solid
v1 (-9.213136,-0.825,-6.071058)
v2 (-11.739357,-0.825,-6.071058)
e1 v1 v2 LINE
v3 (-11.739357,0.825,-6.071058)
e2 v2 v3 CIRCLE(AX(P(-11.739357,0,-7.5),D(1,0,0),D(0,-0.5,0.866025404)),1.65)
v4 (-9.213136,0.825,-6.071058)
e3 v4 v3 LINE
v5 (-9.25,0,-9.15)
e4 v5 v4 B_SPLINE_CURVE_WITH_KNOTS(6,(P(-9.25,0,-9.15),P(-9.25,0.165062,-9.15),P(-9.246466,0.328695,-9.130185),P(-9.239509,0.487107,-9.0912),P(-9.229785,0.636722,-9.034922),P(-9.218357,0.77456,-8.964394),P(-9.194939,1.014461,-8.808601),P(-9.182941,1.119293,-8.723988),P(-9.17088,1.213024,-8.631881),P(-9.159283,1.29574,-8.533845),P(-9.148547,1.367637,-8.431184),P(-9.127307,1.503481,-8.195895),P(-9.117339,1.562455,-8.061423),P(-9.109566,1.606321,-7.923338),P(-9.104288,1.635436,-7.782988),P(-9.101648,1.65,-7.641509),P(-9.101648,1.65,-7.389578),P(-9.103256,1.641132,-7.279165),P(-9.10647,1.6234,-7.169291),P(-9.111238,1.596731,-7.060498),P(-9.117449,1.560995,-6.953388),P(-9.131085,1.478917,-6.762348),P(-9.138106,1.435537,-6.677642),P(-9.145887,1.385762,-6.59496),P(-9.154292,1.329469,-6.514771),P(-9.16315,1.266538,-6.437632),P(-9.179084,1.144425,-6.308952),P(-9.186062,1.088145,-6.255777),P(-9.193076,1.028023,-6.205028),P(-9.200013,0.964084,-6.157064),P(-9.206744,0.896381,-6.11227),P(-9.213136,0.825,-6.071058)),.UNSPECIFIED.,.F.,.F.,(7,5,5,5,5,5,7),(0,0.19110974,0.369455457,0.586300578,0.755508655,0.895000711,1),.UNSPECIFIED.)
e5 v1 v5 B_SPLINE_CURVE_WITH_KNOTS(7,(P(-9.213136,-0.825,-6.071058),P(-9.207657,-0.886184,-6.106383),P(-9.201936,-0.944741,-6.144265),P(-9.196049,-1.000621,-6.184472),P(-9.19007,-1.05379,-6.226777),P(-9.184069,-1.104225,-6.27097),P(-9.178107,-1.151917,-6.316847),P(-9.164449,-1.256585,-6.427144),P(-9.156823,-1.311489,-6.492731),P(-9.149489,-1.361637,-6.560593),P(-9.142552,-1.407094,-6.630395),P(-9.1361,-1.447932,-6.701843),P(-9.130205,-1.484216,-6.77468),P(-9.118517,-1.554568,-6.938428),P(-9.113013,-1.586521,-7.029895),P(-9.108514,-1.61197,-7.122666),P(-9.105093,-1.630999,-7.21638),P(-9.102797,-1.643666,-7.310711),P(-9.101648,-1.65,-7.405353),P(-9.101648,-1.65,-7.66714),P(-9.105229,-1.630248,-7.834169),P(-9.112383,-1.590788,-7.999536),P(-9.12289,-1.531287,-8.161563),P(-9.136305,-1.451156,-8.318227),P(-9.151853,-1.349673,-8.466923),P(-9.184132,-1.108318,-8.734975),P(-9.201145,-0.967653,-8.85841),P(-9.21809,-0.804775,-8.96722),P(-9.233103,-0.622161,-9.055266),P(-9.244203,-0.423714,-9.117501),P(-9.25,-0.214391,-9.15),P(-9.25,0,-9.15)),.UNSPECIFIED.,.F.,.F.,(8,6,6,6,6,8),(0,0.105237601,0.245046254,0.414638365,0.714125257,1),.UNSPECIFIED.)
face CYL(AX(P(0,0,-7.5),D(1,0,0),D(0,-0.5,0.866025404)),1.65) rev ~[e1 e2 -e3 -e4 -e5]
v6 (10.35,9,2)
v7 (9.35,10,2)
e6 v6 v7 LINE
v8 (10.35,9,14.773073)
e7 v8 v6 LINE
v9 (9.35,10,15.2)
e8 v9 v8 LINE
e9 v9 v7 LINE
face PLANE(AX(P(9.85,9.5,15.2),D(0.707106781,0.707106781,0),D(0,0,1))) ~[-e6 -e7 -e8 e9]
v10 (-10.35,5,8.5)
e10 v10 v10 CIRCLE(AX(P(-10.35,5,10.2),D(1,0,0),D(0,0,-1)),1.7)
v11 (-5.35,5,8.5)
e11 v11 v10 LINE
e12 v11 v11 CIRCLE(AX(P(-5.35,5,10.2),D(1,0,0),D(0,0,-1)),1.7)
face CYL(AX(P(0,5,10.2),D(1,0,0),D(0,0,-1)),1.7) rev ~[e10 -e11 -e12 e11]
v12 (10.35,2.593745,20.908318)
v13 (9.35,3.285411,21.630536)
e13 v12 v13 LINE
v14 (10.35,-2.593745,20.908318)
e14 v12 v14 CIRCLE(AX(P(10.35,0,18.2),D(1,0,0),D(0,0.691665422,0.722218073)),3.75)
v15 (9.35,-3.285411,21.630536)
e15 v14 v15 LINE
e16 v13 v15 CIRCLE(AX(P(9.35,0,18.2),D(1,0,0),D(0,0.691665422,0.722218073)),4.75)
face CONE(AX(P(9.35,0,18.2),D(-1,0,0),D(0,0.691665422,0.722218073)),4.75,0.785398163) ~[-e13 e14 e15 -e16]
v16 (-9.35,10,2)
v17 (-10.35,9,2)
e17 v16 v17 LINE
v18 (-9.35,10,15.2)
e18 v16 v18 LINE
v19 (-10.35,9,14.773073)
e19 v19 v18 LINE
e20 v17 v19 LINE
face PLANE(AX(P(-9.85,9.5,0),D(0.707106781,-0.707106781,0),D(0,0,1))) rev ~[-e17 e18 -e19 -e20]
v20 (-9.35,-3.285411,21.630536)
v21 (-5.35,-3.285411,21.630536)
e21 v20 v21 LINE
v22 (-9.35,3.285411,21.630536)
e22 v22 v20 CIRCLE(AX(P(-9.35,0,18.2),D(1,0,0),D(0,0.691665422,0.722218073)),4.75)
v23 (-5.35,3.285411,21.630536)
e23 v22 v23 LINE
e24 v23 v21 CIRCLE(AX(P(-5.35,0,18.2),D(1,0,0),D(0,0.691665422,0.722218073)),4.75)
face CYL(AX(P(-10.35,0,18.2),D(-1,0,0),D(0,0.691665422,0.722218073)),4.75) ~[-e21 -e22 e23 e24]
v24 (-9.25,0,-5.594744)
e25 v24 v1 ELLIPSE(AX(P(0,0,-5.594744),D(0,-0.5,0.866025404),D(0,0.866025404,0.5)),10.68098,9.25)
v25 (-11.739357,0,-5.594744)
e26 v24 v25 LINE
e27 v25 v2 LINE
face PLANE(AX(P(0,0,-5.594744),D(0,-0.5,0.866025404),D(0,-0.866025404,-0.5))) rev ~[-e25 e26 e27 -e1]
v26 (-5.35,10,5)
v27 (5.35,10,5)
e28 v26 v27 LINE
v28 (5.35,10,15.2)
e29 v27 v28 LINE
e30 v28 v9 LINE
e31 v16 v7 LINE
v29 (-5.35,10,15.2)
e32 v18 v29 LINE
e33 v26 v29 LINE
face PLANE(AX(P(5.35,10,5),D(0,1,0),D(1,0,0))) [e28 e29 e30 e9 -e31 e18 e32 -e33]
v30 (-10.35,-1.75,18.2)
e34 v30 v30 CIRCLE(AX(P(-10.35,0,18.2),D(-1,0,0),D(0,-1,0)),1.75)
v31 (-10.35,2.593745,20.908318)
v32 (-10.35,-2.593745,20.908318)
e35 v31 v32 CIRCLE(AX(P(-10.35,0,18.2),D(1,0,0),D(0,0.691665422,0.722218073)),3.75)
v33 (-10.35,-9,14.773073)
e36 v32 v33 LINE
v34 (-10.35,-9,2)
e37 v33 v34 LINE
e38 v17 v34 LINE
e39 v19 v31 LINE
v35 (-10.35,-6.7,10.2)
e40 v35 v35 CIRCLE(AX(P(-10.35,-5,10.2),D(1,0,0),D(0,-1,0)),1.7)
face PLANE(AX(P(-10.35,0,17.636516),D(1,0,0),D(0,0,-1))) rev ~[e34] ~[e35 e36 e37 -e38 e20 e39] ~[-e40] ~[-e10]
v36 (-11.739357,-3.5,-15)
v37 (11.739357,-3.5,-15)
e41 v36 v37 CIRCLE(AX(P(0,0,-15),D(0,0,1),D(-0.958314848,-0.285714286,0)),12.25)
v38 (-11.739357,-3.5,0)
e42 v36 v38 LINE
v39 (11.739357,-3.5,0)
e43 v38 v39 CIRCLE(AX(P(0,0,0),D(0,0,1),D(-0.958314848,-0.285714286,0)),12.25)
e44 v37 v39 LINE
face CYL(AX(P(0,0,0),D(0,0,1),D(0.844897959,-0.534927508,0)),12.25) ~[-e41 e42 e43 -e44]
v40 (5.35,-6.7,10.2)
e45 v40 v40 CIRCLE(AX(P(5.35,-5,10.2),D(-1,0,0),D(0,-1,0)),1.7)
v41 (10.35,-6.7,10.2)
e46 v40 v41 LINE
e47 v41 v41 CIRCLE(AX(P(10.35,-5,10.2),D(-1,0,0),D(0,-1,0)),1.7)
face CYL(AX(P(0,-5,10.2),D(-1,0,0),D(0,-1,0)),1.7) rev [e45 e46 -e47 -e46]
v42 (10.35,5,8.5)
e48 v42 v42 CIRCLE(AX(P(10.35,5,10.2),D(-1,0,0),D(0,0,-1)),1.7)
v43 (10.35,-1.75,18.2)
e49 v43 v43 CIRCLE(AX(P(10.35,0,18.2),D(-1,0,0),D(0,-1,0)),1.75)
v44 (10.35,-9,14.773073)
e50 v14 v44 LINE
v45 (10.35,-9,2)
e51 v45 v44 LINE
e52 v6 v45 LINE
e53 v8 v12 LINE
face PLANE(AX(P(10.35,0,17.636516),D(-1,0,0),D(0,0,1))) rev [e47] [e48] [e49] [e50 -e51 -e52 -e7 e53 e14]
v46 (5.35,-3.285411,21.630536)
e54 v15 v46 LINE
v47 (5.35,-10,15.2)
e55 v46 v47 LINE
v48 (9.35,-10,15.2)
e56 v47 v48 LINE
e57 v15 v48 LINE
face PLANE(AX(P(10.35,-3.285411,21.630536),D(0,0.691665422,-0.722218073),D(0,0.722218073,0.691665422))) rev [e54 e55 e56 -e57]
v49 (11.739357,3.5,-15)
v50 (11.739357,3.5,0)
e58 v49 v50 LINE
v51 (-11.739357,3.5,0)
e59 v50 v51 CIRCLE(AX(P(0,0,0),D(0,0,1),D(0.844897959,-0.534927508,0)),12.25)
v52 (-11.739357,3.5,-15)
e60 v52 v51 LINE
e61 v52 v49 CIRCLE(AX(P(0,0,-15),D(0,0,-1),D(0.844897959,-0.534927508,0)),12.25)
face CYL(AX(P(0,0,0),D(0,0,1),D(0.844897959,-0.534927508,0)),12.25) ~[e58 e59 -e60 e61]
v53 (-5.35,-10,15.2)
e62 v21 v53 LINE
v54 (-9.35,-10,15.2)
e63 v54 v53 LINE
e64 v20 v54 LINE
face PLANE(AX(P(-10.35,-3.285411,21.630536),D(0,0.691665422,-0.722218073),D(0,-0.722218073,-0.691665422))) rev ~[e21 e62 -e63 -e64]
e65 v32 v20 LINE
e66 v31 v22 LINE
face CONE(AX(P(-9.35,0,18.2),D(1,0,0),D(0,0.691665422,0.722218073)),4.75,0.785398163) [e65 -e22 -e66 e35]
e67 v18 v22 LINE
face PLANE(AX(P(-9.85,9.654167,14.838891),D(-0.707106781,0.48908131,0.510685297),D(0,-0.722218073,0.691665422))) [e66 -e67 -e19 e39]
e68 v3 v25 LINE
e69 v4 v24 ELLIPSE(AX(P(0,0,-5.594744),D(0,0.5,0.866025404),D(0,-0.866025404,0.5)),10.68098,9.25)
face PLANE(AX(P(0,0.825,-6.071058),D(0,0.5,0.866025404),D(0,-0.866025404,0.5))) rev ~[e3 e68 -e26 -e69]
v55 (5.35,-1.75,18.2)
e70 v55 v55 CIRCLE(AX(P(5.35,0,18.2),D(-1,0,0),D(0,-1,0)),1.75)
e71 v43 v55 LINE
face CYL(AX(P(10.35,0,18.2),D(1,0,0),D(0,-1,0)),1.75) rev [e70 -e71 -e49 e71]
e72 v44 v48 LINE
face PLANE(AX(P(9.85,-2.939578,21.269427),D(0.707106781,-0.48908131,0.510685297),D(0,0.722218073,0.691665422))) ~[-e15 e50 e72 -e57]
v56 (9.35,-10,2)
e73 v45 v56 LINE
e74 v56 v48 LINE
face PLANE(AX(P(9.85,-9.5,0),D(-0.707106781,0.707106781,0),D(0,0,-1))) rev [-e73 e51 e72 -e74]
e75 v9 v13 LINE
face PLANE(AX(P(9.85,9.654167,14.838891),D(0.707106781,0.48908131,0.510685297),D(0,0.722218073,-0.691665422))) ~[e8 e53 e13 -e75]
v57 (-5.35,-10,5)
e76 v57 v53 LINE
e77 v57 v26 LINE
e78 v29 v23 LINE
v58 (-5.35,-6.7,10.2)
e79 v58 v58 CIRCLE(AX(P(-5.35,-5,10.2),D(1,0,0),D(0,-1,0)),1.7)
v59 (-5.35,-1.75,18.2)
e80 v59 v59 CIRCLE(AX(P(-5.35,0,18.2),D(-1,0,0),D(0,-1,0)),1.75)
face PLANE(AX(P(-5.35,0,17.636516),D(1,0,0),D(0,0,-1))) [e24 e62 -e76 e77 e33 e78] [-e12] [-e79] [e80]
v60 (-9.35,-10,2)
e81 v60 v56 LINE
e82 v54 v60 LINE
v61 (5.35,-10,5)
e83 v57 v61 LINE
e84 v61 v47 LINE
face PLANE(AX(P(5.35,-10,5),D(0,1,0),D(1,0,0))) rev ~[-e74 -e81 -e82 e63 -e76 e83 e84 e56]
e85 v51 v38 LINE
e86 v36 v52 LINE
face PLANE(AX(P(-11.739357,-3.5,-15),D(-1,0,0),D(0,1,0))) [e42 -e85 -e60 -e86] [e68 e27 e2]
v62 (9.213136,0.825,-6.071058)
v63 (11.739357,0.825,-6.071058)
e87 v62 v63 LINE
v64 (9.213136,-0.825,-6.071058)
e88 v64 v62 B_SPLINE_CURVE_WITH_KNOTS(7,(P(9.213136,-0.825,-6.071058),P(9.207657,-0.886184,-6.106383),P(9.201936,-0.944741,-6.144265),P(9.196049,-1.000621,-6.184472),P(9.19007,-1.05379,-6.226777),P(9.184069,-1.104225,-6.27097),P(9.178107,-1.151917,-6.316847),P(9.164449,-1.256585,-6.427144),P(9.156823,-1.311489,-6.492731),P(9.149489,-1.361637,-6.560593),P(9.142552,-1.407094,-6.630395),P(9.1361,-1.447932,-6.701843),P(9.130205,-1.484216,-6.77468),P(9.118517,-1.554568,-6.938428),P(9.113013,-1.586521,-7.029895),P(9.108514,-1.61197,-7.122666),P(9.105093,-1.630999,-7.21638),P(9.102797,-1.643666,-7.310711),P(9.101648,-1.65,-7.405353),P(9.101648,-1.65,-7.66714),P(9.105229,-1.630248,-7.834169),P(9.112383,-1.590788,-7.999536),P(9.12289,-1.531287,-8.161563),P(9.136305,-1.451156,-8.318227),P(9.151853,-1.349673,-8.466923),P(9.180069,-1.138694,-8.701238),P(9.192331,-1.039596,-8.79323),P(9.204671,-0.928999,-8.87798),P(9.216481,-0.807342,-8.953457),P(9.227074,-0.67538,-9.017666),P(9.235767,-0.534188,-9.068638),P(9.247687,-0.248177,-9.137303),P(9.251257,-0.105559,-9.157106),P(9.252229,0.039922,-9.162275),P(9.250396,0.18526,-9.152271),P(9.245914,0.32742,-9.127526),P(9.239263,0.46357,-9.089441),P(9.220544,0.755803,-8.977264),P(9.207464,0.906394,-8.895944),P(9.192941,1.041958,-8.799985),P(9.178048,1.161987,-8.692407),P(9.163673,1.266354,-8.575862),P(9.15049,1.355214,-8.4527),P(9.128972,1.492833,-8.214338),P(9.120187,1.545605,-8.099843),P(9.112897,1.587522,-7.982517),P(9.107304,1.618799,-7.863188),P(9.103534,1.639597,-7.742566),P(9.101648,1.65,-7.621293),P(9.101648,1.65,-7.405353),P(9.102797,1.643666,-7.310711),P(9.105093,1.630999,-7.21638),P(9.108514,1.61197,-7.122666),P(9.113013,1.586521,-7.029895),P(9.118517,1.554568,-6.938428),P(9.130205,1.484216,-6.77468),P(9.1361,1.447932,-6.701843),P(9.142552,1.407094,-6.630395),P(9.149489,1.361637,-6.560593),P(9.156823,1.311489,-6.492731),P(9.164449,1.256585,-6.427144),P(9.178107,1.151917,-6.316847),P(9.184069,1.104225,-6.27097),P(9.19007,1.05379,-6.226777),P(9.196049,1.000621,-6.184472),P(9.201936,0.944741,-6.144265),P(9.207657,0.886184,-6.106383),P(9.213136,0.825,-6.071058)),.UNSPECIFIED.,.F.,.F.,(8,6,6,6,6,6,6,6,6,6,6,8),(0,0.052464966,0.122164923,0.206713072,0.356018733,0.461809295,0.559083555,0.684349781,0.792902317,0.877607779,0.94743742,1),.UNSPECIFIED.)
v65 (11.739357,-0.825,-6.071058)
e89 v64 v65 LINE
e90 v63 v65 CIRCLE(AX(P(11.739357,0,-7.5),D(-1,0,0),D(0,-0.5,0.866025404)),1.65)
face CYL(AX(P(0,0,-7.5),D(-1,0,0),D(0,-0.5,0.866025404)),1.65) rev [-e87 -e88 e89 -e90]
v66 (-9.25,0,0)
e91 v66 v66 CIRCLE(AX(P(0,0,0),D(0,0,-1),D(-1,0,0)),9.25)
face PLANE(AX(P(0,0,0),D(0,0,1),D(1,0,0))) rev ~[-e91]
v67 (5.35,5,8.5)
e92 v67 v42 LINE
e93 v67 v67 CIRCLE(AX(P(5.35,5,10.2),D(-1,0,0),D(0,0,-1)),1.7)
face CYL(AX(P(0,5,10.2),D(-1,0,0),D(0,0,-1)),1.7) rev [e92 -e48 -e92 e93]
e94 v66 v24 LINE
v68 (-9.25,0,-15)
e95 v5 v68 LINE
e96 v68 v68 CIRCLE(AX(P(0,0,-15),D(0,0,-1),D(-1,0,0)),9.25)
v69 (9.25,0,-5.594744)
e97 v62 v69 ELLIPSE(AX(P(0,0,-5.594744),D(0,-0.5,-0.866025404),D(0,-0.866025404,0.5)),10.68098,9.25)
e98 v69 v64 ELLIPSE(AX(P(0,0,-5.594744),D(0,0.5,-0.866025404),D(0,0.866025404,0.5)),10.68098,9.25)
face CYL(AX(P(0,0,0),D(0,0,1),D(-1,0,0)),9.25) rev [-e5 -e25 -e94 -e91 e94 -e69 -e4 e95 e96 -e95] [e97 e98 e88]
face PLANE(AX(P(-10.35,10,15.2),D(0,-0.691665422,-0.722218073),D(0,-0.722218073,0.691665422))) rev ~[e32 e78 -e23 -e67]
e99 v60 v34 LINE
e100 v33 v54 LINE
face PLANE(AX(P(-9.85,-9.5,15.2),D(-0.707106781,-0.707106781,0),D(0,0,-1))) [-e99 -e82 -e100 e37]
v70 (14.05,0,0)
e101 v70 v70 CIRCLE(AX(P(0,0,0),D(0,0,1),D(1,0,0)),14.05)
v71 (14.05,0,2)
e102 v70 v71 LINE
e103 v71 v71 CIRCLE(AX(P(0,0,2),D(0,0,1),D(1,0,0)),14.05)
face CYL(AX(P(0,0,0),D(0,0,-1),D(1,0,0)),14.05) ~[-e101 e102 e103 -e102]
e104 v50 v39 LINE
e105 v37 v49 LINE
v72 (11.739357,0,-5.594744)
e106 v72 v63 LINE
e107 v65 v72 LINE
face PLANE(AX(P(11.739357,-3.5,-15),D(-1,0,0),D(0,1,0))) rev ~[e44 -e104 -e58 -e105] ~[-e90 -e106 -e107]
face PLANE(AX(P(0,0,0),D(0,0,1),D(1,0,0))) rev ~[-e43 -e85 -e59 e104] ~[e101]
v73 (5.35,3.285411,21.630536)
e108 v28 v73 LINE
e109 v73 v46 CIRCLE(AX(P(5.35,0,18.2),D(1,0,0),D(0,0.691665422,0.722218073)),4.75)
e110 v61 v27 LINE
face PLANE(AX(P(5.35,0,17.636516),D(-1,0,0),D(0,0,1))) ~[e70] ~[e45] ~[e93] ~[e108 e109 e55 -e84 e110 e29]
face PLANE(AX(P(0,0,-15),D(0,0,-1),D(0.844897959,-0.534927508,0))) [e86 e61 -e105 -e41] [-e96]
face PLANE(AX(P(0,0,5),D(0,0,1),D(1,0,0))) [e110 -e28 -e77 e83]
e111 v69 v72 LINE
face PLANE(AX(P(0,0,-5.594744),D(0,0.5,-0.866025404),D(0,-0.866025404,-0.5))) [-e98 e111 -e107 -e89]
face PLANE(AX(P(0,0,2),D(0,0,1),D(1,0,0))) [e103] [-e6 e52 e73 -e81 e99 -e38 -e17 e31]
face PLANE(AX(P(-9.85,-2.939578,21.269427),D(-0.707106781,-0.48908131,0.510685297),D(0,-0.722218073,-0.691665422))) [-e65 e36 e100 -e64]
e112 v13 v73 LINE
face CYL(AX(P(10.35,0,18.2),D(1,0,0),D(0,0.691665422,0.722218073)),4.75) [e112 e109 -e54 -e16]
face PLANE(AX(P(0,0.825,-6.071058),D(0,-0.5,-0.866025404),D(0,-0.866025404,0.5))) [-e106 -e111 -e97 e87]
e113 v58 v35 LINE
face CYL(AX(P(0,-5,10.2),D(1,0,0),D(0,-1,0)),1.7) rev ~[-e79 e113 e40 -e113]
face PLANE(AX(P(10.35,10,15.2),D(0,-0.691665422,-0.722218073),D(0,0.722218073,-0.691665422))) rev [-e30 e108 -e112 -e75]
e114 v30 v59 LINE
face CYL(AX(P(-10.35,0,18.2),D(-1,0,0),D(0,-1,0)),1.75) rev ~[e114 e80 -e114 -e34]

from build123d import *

# Parameters (mm, degrees)
SKETCH_1_R               = 6.325
EXTRUDE_1_DEPTH          = 15
SKETCH_2_W               = 20.7
SKETCH_2_H               = 20
EXTRUDE_2_DEPTH          = 5
SKETCH_3_W               = 5
SKETCH_3_H               = 20
EXTRUDE_3_DEPTH          = 10.2
SKETCH_4_R               = 1.7
CUT_EXTRUDE_1_DEPTH      = 21.932331452
CUT_EXTRUDE_1_DEPTH_BACK = 21.932331452
SKETCH_5_R               = 1.65
CUT_EXTRUDE_2_DEPTH      = 21.932331452
CUT_EXTRUDE_2_DEPTH_BACK = 21.932331452
SKETCH_6_R               = 1.75
EXTRUDE_4_DEPTH          = 5
CHAMFER_2_SIZE           = 1
CHAMFER_3_SIZE           = 1
CUT_EXTRUDE_3_DEPTH      = 33.153149146
CUT_EXTRUDE_3_DEPTH_BACK = 33.153149146
SKETCH_9_R               = 12.25
SKETCH_9_R_2             = 9.25
EXTRUDE_5_DEPTH          = 15
SKETCH_10_R              = 14.05
EXTRUDE_6_DEPTH          = 2
CUT_EXTRUDE_4_DEPTH      = 31.356342006
CUT_EXTRUDE_4_DEPTH_BACK = 31.356342006
CUT_EXTRUDE_5_REACH      = 44.837
SKETCH_12_W              = 4.440498429
SKETCH_12_H              = 7
SKETCH_12_W_2            = 5.469845286


with BuildPart() as part:
    # ｽｹｯﾁ1 → ﾎﾞｽ - 押し出し1 (new body)
    with BuildSketch(Plane.XY):
        Circle(SKETCH_1_R)
    extrude(amount=-EXTRUDE_1_DEPTH)

    # ｽｹｯﾁ2 → ﾎﾞｽ - 押し出し2 (add)
    with BuildSketch(Plane.XY):
        Rectangle(SKETCH_2_W, SKETCH_2_H)
    extrude(amount=EXTRUDE_2_DEPTH)

    # ｽｹｯﾁ3 → ﾎﾞｽ - 押し出し3 (add)
    with BuildSketch(Plane.XY.offset(5)):
        with Locations((7.85, 0)):
            Rectangle(SKETCH_3_W, SKETCH_3_H)
        with Locations((-7.85, 0)):
            Rectangle(SKETCH_3_W, SKETCH_3_H)
    extrude(amount=EXTRUDE_3_DEPTH)

    # ｽｹｯﾁ4 → ｶｯﾄ - 押し出し1 (cut, two sides)
    with BuildSketch(Plane(origin=(0, 0, 0), x_dir=(0, 0, -1), z_dir=(1, 0, 0))) as cut_extrude_1_sk:
        with Locations((-10.2, 5)):
            Circle(SKETCH_4_R)
        with Locations(Location((-10.2, -5, 0), (0, 0, 270))):
            Circle(SKETCH_4_R)
    extrude(amount=CUT_EXTRUDE_1_DEPTH, mode=Mode.SUBTRACT)
    extrude(cut_extrude_1_sk.sketch, amount=-CUT_EXTRUDE_1_DEPTH_BACK, mode=Mode.SUBTRACT)

    # ｽｹｯﾁ5 → ｶｯﾄ - 押し出し2 (cut, two sides)
    with BuildSketch(Plane(origin=(0, 0, 0), x_dir=(0, 0, -1), z_dir=(1, 0, 0))) as cut_extrude_2_sk:
        with Locations((7.5, 0)):
            Circle(SKETCH_5_R)
    extrude(amount=CUT_EXTRUDE_2_DEPTH, mode=Mode.SUBTRACT)
    extrude(cut_extrude_2_sk.sketch, amount=-CUT_EXTRUDE_2_DEPTH_BACK, mode=Mode.SUBTRACT)

    # ｽｹｯﾁ6 → ﾎﾞｽ - 押し出し4 (add)
    with BuildSketch(Plane.ZY.offset(10.35)):
        with BuildLine():
            Line((15.2, 10), (21.630535845, 3.285410753))
            ThreePointArc((21.630535845, 3.285410753), (22.95, 0), (21.630535845, -3.285410753))
            Line((21.630535845, -3.285410753), (15.2, -10))
            Line((15.2, -10), (15.2, 10))
        make_face()
        with Locations(Location((18.2, 0, 0), (0, 0, 270))):
            Circle(SKETCH_6_R, mode=Mode.SUBTRACT)
    extrude_4 = extrude(amount=-EXTRUDE_4_DEPTH)

    # ﾐﾗｰ1: ﾎﾞｽ - 押し出し4 across plane
    add(extrude_4.mirror(Plane(origin=(0, 0, 0), x_dir=(0, 0, 1), z_dir=(1, 0, 0))))

    # 面取り2
    chamfer_2_edges = [part.edges().sort_by_distance(p)[0] for p in [
        (10.35, -10, 7.6),
        (10.35, 10, 7.6),
        (-10.35, -6.642705377, 18.415267922),
        (-10.35, 0, 22.95),
        (-10.35, 6.642705377, 18.415267922),
        (-10.35, 10, 7.6),
        (-10.35, -10, 7.6),
        (10.35, -6.642705377, 18.415267922),
        (10.35, 0, 22.95),
        (10.35, 6.642705377, 18.415267922),
    ]]
    chamfer(chamfer_2_edges, length=CHAMFER_2_SIZE)

    # 面取り3
    chamfer_3_edges = [part.edges().sort_by_distance(p)[0] for p in [
        (-6.325, 0, -15),
    ]]
    chamfer(chamfer_3_edges, length=CHAMFER_3_SIZE)

    # ｽｹｯﾁ8 → ｶｯﾄ - 押し出し3 (cut, two sides)
    with BuildSketch(Plane(origin=(0, 10, 0), x_dir=(1, 0, 0), z_dir=(0, 1, 0))) as cut_extrude_3_sk:
        Polygon((-104.749244062, 0), (-16.325065883, 0), (21.444424523, 0), (109.868602701, 0), (109.868602701, 176.848356357), (-104.749244062, 176.848356357), align=None)
    extrude(amount=CUT_EXTRUDE_3_DEPTH, mode=Mode.SUBTRACT)
    extrude(cut_extrude_3_sk.sketch, amount=-CUT_EXTRUDE_3_DEPTH_BACK, mode=Mode.SUBTRACT)

    # ｽｹｯﾁ9 → ﾎﾞｽ - 押し出し5 (add)
    with BuildSketch(Plane(origin=(0, 0, 0), x_dir=(-1, 0, 0), z_dir=(0, 0, -1))):
        with Locations(Location((0, 0, 0), (0, 0, 212.338995303))):
            Circle(SKETCH_9_R)
        Circle(SKETCH_9_R_2, mode=Mode.SUBTRACT)
    extrude(amount=EXTRUDE_5_DEPTH)

    # ｽｹｯﾁ10 → ﾎﾞｽ - 押し出し6 (add)
    with BuildSketch(Plane.XY):
        Circle(SKETCH_10_R)
    extrude(amount=EXTRUDE_6_DEPTH)

    # ｽｹｯﾁ11 → ｶｯﾄ - 押し出し4 (cut, two sides)
    with BuildSketch(Plane(origin=(0, 0, 0), x_dir=(0, 0, -1), z_dir=(1, 0, 0))) as cut_extrude_4_sk:
        with BuildLine():
            Line((6.071058084, 0.825), (5.594744112, 0))
            Line((5.594744112, 0), (6.071058084, -0.825))
            ThreePointArc((6.071058084, -0.825), (9.15, 0), (6.071058084, 0.825))
        make_face()
    extrude(amount=CUT_EXTRUDE_4_DEPTH, mode=Mode.SUBTRACT)
    extrude(cut_extrude_4_sk.sketch, amount=-CUT_EXTRUDE_4_DEPTH_BACK, mode=Mode.SUBTRACT)

    # ｶｯﾄ - 押し出し5: up to this face of the body (flat: up to its plane)
    cut_extrude_5_end = Plane(part.part.faces().sort_by_distance((-10.685757389, 6.765438958, 0))[0])
    # ｽｹｯﾁ12 → ｶｯﾄ - 押し出し5 (cut, up to the picked face)
    with BuildSketch(Plane(origin=(0, 0, -15), x_dir=(-1, 0, 0), z_dir=(0, 0, -1)), mode=Mode.PRIVATE) as cut_extrude_5_sk1:
        with Locations((-13.959606096, 0)):
            Rectangle(SKETCH_12_W, SKETCH_12_H)
    cut_extrude_5_tool1 = split(extrude(cut_extrude_5_sk1.sketch, amount=-CUT_EXTRUDE_5_REACH, mode=Mode.PRIVATE), bisect_by=cut_extrude_5_end, keep=Keep.BOTH, mode=Mode.PRIVATE)
    # ｽｹｯﾁ12 → ｶｯﾄ - 押し出し5 (cut, up to the picked face)
    with BuildSketch(Plane(origin=(0, 0, -15), x_dir=(-1, 0, 0), z_dir=(0, 0, -1)), mode=Mode.PRIVATE) as cut_extrude_5_sk2:
        with Locations((14.474279525, 0)):
            Rectangle(SKETCH_12_W_2, SKETCH_12_H)
    cut_extrude_5_tool2 = split(extrude(cut_extrude_5_sk2.sketch, amount=-CUT_EXTRUDE_5_REACH, mode=Mode.PRIVATE), bisect_by=cut_extrude_5_end, keep=Keep.BOTH, mode=Mode.PRIVATE)
    add(cut_extrude_5_tool1.solids().sort_by(Axis((13.959606, 0, -15), (0, 0, 1)))[0], mode=Mode.SUBTRACT)
    add(cut_extrude_5_tool2.solids().sort_by(Axis((-14.47428, 0, -15), (0, 0, 1)))[0], mode=Mode.SUBTRACT)


solid = part.part
